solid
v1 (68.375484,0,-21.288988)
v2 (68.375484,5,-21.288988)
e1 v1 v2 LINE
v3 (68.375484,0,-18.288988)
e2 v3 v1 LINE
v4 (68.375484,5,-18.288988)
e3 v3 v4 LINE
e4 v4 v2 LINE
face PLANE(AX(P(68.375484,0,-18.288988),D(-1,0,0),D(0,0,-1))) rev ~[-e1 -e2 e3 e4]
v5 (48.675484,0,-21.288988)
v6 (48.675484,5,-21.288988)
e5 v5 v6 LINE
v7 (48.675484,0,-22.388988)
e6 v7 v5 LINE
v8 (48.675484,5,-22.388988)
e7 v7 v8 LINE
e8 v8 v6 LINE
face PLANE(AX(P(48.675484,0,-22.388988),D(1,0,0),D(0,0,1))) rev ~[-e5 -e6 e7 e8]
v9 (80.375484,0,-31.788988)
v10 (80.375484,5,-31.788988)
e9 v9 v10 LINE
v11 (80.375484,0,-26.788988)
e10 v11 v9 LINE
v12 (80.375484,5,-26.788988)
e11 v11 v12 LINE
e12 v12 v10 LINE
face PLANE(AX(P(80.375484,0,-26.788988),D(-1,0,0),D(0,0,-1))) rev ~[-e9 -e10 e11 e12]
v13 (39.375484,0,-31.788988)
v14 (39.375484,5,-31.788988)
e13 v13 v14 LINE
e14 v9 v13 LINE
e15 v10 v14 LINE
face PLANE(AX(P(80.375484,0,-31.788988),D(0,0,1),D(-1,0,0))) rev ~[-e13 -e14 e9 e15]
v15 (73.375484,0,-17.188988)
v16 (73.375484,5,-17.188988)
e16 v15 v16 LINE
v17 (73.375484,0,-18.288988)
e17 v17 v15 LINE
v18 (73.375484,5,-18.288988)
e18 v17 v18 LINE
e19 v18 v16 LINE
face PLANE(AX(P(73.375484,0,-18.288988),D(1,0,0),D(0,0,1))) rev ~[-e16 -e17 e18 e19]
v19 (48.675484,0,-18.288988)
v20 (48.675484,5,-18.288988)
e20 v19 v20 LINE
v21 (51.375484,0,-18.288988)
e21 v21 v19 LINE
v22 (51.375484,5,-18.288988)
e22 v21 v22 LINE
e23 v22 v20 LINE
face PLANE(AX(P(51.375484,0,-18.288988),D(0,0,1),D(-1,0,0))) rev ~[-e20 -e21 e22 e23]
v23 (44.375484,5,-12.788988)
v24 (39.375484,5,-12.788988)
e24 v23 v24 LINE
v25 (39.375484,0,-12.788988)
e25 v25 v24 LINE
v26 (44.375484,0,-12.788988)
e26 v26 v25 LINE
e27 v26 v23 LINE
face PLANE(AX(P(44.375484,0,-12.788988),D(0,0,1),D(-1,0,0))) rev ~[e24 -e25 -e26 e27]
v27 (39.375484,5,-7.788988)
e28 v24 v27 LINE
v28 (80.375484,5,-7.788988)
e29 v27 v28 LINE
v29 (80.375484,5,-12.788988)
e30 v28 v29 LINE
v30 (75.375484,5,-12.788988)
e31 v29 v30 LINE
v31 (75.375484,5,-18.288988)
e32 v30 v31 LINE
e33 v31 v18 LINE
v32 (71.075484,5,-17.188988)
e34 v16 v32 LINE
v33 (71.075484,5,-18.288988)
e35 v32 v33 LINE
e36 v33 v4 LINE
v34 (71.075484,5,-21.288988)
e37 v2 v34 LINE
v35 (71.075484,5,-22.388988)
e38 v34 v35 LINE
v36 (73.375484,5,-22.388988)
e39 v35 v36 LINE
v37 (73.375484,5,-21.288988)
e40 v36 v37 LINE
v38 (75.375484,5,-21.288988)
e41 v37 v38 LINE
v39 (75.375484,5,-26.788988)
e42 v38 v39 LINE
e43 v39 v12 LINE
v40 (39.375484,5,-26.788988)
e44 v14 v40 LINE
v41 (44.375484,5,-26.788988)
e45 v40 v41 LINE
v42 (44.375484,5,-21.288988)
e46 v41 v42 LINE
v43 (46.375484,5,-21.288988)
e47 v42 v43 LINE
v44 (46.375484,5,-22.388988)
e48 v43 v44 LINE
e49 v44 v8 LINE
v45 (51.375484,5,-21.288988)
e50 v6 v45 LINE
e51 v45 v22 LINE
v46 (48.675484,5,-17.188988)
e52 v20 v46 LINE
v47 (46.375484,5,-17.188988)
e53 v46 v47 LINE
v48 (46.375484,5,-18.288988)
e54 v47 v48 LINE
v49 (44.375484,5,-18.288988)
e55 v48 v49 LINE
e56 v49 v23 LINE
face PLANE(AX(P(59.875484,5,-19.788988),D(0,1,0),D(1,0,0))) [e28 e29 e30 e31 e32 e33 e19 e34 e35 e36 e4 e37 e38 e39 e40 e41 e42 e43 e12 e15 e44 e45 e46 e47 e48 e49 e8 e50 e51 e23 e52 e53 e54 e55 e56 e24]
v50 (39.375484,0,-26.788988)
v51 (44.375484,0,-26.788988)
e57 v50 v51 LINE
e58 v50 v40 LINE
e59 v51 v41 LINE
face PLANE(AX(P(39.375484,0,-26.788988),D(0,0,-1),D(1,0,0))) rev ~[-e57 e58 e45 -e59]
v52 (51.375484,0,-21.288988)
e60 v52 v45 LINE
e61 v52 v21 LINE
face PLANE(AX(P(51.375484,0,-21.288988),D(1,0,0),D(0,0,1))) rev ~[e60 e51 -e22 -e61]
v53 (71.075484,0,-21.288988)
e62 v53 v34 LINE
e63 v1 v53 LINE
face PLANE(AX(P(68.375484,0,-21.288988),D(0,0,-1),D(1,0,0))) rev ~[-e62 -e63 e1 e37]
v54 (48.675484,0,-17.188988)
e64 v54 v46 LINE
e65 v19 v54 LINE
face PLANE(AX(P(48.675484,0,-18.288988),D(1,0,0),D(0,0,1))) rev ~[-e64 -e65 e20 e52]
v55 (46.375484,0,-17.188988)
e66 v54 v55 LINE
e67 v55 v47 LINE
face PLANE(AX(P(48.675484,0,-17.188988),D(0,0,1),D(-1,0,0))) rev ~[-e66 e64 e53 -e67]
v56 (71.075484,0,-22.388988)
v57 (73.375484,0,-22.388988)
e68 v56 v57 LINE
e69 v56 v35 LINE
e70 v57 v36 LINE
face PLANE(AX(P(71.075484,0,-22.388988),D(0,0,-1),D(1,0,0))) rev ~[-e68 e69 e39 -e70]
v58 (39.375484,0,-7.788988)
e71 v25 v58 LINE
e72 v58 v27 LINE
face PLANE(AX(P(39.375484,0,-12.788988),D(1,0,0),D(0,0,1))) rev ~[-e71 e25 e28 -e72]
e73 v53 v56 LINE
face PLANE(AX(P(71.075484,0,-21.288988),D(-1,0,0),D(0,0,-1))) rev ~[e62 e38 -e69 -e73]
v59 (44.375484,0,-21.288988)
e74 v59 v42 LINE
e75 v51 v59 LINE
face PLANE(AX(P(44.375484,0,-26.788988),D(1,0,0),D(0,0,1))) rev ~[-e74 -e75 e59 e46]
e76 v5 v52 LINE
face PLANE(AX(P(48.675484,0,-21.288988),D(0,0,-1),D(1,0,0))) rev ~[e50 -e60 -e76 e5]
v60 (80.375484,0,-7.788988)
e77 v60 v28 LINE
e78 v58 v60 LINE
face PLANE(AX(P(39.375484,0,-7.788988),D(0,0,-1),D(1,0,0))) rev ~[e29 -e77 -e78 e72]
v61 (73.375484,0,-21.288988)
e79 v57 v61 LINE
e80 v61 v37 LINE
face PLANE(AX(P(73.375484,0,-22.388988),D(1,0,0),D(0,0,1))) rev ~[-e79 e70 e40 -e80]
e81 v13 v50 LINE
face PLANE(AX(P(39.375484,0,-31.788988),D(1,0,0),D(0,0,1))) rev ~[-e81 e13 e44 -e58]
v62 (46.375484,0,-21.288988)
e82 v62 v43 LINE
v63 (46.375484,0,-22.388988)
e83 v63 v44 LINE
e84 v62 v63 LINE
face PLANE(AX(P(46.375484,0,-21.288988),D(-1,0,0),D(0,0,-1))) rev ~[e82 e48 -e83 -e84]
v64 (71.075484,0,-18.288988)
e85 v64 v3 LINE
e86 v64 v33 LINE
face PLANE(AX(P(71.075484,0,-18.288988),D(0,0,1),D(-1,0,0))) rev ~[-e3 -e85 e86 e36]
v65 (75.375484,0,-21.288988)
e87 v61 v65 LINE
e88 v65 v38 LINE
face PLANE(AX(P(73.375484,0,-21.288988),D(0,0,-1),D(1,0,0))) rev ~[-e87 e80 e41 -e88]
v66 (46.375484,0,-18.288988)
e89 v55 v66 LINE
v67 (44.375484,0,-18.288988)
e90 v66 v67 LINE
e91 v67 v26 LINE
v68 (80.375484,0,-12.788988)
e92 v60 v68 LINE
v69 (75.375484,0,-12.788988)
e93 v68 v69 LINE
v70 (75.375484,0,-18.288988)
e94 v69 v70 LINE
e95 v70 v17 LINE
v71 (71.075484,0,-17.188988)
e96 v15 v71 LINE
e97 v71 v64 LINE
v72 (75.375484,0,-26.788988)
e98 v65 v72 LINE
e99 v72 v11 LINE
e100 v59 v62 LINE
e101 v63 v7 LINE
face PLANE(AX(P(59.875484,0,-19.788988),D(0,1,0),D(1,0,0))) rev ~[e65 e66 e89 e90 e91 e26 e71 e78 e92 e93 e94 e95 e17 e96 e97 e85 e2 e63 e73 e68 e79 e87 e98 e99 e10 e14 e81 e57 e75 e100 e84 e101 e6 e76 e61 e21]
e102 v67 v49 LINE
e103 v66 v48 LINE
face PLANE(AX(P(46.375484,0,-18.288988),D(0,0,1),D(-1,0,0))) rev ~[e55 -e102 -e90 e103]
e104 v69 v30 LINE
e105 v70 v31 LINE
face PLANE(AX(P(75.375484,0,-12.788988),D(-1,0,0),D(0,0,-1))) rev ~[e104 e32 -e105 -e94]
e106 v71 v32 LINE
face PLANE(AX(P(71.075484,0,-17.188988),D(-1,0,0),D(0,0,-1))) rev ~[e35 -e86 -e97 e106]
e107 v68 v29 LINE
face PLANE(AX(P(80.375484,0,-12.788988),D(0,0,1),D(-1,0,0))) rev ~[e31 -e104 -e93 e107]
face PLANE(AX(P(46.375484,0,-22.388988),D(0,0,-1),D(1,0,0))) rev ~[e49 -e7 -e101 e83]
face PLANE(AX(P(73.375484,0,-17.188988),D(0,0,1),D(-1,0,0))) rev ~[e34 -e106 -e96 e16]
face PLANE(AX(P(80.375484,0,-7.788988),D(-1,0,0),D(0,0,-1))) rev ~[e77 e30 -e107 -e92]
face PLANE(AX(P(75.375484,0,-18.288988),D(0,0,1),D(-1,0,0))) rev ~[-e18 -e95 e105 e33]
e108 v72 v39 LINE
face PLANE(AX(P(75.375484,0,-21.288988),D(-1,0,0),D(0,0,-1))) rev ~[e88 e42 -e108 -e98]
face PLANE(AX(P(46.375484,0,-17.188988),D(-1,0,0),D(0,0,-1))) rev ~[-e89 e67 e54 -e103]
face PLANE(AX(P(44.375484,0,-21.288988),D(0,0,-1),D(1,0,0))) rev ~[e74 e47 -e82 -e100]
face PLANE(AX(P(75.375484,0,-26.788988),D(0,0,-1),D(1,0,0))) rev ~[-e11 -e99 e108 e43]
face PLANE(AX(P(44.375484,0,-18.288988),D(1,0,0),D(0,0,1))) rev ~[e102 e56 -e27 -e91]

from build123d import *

# Parameters (mm, degrees)
BOSS_EXTRUDE1_DEPTH = 5


with BuildPart() as part:
    # Sketch1 → Boss-Extrude1 (new body)
    with BuildSketch(Plane(origin=(0, 0, 0), x_dir=(1, 0, 0), z_dir=(0, 1, 0))):
        Polygon((44.375484097, 7.788988346), (75.375484097, 7.788988346), (80.375484097, 7.788988346), (80.375484097, 12.788988346), (75.375484097, 12.788988346), (75.375484097, 18.288988346), (73.375484097, 18.288988346), (73.375484097, 17.188988346), (71.075484097, 17.188988346), (71.075484097, 18.288988346), (68.375484097, 18.288988346), (68.375484097, 21.288988346), (71.075484097, 21.288988346), (71.075484097, 22.388988346), (73.375484097, 22.388988346), (73.375484097, 21.288988346), (75.375484097, 21.288988346), (75.375484097, 26.788988346), (80.375484097, 26.788988346), (80.375484097, 31.788988346), (75.375484097, 31.788988346), (44.375484097, 31.788988346), (39.375484097, 31.788988346), (39.375484097, 26.788988346), (44.375484097, 26.788988346), (44.375484097, 21.288988346), (46.375484097, 21.288988346), (46.375484097, 22.388988346), (48.675484097, 22.388988346), (48.675484097, 21.288988346), (51.375484097, 21.288988346), (51.375484097, 18.288988346), (48.675484097, 18.288988346), (48.675484097, 17.188988346), (46.375484097, 17.188988346), (46.375484097, 18.288988346), (44.375484097, 18.288988346), (44.375484097, 12.788988346), (39.375484097, 12.788988346), (39.375484097, 7.788988346), align=None)
    extrude(amount=BOSS_EXTRUDE1_DEPTH)


solid = part.part
